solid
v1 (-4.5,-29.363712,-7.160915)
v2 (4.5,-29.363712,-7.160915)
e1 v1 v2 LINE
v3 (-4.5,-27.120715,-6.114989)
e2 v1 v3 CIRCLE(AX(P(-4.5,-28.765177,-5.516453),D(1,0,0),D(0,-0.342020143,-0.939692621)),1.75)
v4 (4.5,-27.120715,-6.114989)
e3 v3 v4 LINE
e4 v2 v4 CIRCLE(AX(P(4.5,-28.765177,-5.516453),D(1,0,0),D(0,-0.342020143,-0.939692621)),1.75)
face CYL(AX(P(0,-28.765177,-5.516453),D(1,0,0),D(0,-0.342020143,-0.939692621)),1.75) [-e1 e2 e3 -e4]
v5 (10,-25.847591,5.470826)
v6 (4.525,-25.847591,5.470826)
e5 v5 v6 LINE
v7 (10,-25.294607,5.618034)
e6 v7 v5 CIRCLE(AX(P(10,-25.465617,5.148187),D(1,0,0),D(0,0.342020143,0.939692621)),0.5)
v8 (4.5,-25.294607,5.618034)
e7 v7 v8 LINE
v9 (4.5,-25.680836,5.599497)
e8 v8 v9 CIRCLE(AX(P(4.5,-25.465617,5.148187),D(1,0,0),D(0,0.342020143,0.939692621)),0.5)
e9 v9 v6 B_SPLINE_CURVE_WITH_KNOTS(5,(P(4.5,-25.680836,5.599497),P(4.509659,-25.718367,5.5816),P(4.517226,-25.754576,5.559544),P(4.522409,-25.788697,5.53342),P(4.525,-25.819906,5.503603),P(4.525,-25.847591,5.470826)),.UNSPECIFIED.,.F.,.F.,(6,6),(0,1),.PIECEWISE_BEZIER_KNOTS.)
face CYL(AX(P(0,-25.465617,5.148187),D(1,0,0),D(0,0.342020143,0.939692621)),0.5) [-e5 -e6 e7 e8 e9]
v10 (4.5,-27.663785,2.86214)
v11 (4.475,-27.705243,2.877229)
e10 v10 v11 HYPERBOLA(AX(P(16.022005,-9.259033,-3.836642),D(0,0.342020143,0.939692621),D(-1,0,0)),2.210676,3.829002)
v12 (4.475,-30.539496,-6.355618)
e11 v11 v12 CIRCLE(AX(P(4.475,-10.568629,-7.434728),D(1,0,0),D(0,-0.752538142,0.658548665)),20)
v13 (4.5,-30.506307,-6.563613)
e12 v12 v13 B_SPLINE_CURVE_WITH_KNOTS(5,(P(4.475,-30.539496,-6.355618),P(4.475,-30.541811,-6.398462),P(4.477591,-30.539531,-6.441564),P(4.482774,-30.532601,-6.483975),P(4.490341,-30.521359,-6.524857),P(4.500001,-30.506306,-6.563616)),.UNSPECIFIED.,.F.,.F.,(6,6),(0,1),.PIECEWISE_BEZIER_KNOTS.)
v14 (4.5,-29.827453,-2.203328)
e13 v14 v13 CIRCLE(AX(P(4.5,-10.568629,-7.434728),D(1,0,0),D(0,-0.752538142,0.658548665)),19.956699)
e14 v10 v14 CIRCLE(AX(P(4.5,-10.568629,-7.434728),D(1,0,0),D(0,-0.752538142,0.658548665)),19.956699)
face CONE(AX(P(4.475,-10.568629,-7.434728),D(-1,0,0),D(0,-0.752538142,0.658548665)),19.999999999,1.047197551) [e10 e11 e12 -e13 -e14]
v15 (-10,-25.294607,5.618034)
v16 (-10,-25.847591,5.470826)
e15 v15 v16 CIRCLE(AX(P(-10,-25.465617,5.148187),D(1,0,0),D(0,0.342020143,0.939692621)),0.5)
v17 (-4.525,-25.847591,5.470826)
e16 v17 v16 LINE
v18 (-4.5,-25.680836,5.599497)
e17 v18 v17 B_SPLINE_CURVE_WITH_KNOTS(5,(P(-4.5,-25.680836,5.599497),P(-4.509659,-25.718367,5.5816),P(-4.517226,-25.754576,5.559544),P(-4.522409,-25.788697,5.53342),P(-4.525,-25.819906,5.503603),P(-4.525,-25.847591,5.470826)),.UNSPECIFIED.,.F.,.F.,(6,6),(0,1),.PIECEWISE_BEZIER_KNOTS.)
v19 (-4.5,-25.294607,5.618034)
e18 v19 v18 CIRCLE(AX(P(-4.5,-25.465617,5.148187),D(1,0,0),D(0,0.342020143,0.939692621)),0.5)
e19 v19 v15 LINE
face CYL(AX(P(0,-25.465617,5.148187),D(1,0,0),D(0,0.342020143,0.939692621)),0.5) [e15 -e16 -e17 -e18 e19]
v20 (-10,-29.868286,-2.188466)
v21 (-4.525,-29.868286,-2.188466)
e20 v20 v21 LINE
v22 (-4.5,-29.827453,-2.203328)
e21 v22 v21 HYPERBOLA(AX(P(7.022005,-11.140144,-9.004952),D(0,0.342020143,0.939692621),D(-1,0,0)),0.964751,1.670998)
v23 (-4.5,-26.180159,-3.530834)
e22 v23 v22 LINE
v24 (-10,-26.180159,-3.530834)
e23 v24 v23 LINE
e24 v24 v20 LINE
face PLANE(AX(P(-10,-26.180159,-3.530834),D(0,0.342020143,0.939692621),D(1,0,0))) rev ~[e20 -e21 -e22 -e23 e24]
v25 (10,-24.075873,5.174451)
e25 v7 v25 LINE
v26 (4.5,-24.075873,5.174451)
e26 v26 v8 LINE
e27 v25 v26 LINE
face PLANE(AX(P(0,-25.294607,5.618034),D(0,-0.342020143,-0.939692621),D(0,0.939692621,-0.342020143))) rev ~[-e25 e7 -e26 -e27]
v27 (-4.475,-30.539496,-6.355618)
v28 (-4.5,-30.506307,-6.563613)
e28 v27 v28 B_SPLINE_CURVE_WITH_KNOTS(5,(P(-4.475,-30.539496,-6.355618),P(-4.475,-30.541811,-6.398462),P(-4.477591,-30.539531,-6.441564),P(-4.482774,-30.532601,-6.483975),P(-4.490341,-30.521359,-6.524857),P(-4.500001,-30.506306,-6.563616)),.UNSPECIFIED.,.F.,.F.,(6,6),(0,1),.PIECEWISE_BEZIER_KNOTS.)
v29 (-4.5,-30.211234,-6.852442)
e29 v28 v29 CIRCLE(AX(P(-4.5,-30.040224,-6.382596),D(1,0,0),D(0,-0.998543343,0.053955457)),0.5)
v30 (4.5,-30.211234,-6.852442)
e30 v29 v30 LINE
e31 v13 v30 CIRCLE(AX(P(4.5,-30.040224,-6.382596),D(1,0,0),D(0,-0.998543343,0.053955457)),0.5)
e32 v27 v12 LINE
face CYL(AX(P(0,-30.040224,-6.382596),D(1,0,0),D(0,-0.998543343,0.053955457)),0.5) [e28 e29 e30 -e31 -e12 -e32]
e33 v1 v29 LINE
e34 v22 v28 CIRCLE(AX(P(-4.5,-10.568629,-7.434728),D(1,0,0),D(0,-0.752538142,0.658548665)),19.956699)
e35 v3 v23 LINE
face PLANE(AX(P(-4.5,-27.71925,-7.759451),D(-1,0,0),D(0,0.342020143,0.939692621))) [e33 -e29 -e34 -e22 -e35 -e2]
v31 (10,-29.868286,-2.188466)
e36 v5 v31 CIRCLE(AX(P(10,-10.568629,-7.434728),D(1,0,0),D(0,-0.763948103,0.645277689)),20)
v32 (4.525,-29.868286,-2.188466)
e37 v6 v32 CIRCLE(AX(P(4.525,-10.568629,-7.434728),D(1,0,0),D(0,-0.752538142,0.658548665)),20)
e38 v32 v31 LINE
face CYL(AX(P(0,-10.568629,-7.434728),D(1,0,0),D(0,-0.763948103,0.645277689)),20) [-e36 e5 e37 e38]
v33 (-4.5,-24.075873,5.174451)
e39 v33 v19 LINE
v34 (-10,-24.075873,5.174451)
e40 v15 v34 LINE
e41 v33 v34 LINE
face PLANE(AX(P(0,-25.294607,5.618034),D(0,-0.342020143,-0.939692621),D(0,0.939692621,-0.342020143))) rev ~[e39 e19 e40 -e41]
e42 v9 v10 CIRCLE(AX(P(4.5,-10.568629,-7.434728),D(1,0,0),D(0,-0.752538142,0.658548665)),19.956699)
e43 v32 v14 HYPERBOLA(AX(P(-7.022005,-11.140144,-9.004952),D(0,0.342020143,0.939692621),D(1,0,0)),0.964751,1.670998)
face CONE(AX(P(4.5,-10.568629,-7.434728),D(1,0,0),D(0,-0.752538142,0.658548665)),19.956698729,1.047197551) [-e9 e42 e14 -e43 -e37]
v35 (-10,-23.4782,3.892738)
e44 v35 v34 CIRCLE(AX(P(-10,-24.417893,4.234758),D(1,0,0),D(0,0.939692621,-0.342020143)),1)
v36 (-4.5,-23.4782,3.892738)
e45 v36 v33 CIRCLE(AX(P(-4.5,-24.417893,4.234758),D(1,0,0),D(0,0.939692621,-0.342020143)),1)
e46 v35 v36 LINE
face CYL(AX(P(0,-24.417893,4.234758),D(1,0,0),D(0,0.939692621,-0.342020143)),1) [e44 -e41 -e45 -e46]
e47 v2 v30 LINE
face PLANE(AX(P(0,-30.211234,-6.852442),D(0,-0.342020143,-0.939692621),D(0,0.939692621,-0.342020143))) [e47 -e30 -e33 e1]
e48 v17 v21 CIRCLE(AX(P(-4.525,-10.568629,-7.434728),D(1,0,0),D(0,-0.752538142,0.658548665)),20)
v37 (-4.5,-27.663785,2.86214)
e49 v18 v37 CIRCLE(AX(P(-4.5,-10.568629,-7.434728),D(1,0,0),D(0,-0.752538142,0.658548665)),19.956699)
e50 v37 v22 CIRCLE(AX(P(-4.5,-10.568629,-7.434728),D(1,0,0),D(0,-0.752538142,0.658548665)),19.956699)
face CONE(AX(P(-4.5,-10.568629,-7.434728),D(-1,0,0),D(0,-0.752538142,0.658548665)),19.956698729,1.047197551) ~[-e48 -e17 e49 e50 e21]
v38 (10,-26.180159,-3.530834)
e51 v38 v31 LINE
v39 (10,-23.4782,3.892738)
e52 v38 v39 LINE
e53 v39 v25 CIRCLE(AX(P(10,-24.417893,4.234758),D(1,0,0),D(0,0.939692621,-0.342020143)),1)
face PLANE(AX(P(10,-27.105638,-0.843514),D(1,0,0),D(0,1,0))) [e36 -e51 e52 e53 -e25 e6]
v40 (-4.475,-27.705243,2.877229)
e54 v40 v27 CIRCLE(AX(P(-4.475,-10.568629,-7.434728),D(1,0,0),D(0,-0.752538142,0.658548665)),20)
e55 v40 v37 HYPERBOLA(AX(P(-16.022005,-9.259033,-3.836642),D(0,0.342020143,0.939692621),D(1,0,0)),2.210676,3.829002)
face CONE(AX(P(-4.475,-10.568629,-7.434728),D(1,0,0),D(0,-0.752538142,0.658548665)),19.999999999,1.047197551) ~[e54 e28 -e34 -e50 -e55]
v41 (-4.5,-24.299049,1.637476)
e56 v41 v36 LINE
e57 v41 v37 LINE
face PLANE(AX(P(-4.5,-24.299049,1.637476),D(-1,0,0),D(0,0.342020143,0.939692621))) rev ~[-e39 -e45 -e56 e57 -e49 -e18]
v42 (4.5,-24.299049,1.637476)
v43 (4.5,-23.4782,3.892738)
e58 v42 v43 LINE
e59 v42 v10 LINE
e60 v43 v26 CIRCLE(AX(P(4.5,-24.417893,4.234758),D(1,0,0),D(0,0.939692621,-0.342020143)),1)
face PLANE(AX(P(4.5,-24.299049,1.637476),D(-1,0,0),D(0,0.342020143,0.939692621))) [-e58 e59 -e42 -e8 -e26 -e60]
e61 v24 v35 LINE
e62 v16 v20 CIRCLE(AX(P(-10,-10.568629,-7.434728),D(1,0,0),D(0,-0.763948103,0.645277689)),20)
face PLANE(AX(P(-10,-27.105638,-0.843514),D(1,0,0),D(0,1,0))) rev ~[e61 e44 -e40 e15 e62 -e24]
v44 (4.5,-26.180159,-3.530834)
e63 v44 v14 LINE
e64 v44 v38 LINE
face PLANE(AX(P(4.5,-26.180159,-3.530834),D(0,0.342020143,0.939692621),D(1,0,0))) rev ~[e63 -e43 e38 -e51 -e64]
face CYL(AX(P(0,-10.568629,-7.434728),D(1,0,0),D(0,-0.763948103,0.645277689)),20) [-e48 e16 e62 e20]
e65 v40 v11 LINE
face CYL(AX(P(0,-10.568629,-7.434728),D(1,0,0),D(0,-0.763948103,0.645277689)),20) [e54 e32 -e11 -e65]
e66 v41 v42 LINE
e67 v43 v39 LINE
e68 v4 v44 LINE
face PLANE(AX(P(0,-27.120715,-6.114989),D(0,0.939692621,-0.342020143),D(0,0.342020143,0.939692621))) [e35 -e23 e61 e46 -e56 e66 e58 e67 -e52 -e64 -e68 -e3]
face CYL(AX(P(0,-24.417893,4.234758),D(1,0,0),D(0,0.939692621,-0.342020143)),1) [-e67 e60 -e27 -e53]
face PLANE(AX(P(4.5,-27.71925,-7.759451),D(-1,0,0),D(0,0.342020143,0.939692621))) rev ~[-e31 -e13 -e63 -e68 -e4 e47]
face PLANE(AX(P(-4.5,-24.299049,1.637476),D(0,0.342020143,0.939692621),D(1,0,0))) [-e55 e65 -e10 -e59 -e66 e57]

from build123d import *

# Parameters (mm, degrees)
PAD013_DEPTH    = 10
SKETCH065_W     = 4.5
SKETCH065_H     = 5.5
SKETCH065_W_2   = 3.4
SKETCH065_H_2   = 9
POCKET012_DEPTH = 7.2375310186


with BuildPart() as part:
    # Sketch064 → Pad013 (new body, symmetric)
    with BuildSketch(Plane.YZ):
        with BuildLine():
            ThreePointArc((-25.8475912574, 5.4708262373), (-29.159051684, -0.0593501339), (-30.5394960729, -6.355618405))
            ThreePointArc((-30.5394960729, -6.355618405), (-30.457390957, -6.658226438), (-30.2112344729, -6.8524424441))
            Line((-30.2112344729, -6.8524424441), (-29.3637121644, -7.1609153372))
            ThreePointArc((-29.3637121644, -7.1609153372), (-28.0255949556, -7.1024918781), (-27.1207148272, -6.1149885016))
            Line((-27.1207148272, -6.1149885016), (-23.4782003008, 3.8927379097))
            ThreePointArc((-23.4782003008, 3.8927379097), (-23.5115851346, 4.6573763148), (-24.0758727783, 5.1744506738))
            Line((-25.2946071344, 5.618033703), (-24.0758727783, 5.1744506738))
            ThreePointArc((-25.2946071344, 5.618033703), (-25.5942405308, 5.6313602812), (-25.8475912574, 5.4708262373))
        make_face()
    extrude(amount=PAD013_DEPTH, both=True)

    # Sketch065 (on Face6 of Pad013) → Pocket012 (cut, through all)
    with BuildSketch(Plane(origin=(0, -21.9828744359, 8.0011119583), x_dir=(0, 0.3420201433, 0.9396926208), z_dir=(0, 0.9396926208, -0.3420201433))):
        with Locations((-14.5220403435, 7.25)):
            Rectangle(SKETCH065_W, SKETCH065_H)
        with Locations((-14.5220403435, -7.25)):
            Rectangle(SKETCH065_W, SKETCH065_H)
        with Locations((-5.0720403435, 0)):
            Rectangle(SKETCH065_W_2, SKETCH065_H_2)
    extrude(amount=-POCKET012_DEPTH, mode=Mode.SUBTRACT)

    # SubtractivePipe003: sweep along a path in Sketch067
    with BuildLine(Plane.YZ.offset(4.5)) as subtractivepipe003_path:
        ThreePointArc((-25.6193920552, 5.7362457467), (-29.1630396012, -0.0694100418), (-30.5561005443, -6.7269214592))
    # Sketch066 (on DatumPlane) → SubtractivePipe003 (sweep, cut)
    with BuildSketch(Plane(origin=(4.5, -30.5394960729, -6.355618405), x_dir=(0, -0.9985433434, 0.0539554573), z_dir=(0, -0.0539554573, -0.9985433434))):
        Polygon((0, -0.025), (0, 0.025), (-0.0433012702, 0), align=None)
    subtractivepipe003 = sweep(path=subtractivepipe003_path.line, mode=Mode.SUBTRACT)

    # Mirrored003: SubtractivePipe003 across YZ
    add(subtractivepipe003.mirror(Plane.YZ), mode=Mode.SUBTRACT)


solid = part.part
